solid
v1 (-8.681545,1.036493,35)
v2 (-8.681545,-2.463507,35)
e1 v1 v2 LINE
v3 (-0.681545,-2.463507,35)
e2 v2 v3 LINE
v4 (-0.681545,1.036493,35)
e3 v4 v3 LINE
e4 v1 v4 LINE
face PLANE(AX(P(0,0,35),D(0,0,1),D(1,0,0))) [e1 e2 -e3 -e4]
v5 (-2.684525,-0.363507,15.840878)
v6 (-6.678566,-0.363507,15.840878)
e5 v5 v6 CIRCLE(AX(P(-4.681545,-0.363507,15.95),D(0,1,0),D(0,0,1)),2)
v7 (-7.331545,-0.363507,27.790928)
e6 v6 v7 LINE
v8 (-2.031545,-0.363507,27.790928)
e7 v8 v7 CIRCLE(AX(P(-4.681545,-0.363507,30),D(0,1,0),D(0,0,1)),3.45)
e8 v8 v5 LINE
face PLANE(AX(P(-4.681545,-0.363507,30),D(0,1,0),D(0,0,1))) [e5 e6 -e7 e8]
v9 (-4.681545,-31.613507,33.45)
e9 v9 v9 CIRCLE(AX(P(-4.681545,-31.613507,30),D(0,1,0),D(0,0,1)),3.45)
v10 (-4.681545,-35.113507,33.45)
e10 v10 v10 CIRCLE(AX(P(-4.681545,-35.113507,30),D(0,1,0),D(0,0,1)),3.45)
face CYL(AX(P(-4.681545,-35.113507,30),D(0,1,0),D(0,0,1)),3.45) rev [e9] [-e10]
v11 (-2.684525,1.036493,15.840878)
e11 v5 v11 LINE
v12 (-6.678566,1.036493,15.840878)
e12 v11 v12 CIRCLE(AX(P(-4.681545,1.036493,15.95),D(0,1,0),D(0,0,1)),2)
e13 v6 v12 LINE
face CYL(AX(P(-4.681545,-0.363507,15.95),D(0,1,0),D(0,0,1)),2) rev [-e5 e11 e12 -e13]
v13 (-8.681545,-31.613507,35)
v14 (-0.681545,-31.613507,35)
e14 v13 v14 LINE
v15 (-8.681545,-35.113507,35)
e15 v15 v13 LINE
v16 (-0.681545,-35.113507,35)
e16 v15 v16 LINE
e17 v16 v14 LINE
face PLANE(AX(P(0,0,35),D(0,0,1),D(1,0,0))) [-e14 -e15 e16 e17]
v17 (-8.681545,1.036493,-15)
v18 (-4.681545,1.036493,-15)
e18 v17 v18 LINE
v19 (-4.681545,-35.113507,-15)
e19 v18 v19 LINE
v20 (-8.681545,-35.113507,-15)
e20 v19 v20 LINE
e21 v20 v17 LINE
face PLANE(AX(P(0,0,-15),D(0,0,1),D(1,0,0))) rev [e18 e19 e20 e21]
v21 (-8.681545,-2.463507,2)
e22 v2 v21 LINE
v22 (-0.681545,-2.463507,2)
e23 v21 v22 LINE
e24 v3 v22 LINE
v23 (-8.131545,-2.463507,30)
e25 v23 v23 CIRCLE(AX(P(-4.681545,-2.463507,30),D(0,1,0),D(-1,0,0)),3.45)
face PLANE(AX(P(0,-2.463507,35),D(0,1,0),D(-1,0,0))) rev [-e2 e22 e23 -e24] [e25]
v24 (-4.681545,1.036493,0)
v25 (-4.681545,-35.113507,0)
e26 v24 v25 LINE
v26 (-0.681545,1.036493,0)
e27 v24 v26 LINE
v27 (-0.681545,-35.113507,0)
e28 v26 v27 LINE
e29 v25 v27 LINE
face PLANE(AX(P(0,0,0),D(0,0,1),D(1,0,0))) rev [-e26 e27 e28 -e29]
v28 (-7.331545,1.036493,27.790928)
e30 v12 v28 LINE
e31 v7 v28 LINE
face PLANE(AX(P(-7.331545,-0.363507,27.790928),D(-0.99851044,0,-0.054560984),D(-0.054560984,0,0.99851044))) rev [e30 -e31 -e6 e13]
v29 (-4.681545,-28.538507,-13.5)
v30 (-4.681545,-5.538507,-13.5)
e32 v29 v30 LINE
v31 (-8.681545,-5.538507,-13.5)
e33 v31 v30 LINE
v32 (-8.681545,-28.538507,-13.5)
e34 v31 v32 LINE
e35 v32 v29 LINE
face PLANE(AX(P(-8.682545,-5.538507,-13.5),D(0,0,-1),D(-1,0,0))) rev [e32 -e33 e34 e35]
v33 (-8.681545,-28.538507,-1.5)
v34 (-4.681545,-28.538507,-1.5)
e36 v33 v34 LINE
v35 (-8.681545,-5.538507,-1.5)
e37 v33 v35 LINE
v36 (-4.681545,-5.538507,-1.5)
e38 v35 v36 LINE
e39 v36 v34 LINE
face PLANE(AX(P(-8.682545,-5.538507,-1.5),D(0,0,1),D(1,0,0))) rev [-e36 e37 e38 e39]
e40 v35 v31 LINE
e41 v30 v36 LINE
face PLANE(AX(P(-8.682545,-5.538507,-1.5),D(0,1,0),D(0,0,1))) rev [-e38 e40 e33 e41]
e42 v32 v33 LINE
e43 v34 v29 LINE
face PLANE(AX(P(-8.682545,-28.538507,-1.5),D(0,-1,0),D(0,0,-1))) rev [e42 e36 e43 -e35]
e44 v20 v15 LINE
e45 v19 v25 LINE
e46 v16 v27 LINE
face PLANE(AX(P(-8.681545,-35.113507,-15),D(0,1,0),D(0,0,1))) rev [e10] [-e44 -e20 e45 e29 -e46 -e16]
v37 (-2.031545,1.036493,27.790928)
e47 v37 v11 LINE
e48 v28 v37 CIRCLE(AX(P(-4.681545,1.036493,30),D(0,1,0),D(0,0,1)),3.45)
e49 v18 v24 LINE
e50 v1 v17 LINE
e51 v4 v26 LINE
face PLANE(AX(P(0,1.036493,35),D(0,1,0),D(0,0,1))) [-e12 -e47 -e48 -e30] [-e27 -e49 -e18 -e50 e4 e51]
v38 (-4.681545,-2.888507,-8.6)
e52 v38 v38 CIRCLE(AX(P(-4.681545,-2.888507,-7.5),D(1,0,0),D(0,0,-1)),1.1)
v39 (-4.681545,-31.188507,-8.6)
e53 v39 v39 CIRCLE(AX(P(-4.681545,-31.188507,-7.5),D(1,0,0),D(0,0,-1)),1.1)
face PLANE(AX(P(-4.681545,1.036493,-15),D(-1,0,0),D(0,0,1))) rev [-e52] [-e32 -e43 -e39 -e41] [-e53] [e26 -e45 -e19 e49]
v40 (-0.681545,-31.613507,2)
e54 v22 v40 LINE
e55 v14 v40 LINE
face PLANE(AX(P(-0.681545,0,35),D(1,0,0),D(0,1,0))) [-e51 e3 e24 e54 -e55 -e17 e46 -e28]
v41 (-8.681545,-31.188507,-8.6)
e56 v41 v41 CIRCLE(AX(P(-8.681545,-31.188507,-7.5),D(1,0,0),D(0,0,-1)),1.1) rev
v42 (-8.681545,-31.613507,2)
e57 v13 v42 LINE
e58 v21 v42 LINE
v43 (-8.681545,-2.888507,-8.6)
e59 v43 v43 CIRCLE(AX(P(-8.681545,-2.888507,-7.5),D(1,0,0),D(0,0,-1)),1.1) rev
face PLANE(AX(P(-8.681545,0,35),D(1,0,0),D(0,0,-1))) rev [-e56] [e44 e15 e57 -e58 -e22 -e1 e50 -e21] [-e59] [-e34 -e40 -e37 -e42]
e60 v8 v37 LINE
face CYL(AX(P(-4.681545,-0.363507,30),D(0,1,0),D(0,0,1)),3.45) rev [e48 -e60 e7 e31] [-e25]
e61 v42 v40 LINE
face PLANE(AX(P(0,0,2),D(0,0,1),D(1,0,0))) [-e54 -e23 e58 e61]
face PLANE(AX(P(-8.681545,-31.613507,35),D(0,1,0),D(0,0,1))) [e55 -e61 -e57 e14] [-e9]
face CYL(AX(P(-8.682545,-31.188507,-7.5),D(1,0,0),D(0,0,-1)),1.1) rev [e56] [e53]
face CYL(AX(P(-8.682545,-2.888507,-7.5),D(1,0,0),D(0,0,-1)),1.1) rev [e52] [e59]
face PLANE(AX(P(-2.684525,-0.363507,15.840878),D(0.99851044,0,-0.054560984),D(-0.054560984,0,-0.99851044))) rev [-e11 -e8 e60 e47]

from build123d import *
from build123d.topology import SkipClean

# Parameters (mm, degrees)
SKETCH2_W             = 8
SKETCH2_H             = 3.5
BOSS_EXTRUDE2_DEPTH   = 35
BOSS_EXTRUDE2_2_DEPTH = 35
SKETCH2_3_W           = 8
SKETCH2_3_H           = 29.15
BOSS_EXTRUDE3_DEPTH   = 2
SKETCH7_W             = 4
SKETCH7_H             = 36.15
BOSS_EXTRUDE4_DEPTH   = 15
CUT_EXTRUDE5_REACH    = 51.739
SKETCH8_R             = 1.1
SKETCH8_W             = 12
SKETCH8_H             = 23
CUT_EXTRUDE6_DEPTH    = 1.4
SKETCH10_R            = 3.45
CUT_EXTRUDE7_DEPTH    = 52.060667156


with BuildPart() as part:
    # Sketch2 → Boss-Extrude2 (new body)
    with BuildSketch(Plane.XY):
        with Locations((-4.681545395, -0.713506952)):
            Rectangle(SKETCH2_W, SKETCH2_H)
    extrude(amount=BOSS_EXTRUDE2_DEPTH)

    # Sketch2<3> → Boss-Extrude3 (add)
    with BuildSketch(Plane.XY):
        with Locations((-4.681545395, -17.038506952)):
            Rectangle(SKETCH2_3_W, SKETCH2_3_H)
    extrude(amount=BOSS_EXTRUDE3_DEPTH)



with BuildPart() as body_2:
    # Sketch2 → Boss-Extrude2 2 (new body)
    with BuildSketch(Plane.XY):
        with Locations((-4.681545395, -33.363506952)):
            Rectangle(SKETCH2_W, SKETCH2_H)
    extrude(amount=BOSS_EXTRUDE2_2_DEPTH)


with BuildPart() as part_1:
    add(part.part)

    add(body_2.part)  # Boss-Extrude4 merges body 2
    # Sketch7 → Boss-Extrude4 (add)
    with BuildSketch(Plane(origin=(0, 0, 0), x_dir=(-1, 0, 0), z_dir=(0, 0, -1))):
        with Locations((6.681545395, -17.038506952)):
            Rectangle(SKETCH7_W, SKETCH7_H)
    extrude(amount=BOSS_EXTRUDE4_DEPTH)

    # Sketch8 → Cut-Extrude5 (cut, up to next)
    with BuildSketch(Plane(origin=(-4.681545395, 0, 0), x_dir=(0, 0, -1), z_dir=(1, 0, 0)), mode=Mode.PRIVATE) as cut_extrude5_sk1:
        with Locations((7.5, -2.888506952)):
            Circle(SKETCH8_R)
    cut_extrude5_tool1 = extrude(cut_extrude5_sk1.sketch, amount=-CUT_EXTRUDE5_REACH, mode=Mode.PRIVATE) & part_1.part
    # Sketch8 → Cut-Extrude5 (cut, up to next)
    with BuildSketch(Plane(origin=(-4.681545395, 0, 0), x_dir=(0, 0, -1), z_dir=(1, 0, 0)), mode=Mode.PRIVATE) as cut_extrude5_sk2:
        with Locations((7.5, -31.188506952)):
            Circle(SKETCH8_R)
    cut_extrude5_tool2 = extrude(cut_extrude5_sk2.sketch, amount=-CUT_EXTRUDE5_REACH, mode=Mode.PRIVATE) & part_1.part
    # Sketch8 → Cut-Extrude5 (cut, up to next)
    with BuildSketch(Plane(origin=(-4.681545395, 0, 0), x_dir=(0, 0, -1), z_dir=(1, 0, 0)), mode=Mode.PRIVATE) as cut_extrude5_sk3:
        with Locations((7.5, -17.038506952)):
            Rectangle(SKETCH8_W, SKETCH8_H)
    cut_extrude5_tool3 = extrude(cut_extrude5_sk3.sketch, amount=-CUT_EXTRUDE5_REACH, mode=Mode.PRIVATE) & part_1.part
    add(cut_extrude5_tool1.solids().sort_by_distance((-4.681545, -2.888507, -7.5))[0], mode=Mode.SUBTRACT)
    add(cut_extrude5_tool2.solids().sort_by_distance((-4.681545, -31.188507, -7.5))[0], mode=Mode.SUBTRACT)
    add(cut_extrude5_tool3.solids().sort_by_distance((-4.681545, -17.038507, -7.5))[0], mode=Mode.SUBTRACT)

    # Sketch9 → Cut-Extrude6 (cut)
    with BuildSketch(Plane(origin=(0, 1.036493048, 0), x_dir=(1, 0, 0), z_dir=(0, 1, 0))):
        with BuildLine():
            Line((-2.684524514, -15.840878033), (-2.031545395, -27.790927797))
            ThreePointArc((-2.031545395, -27.790927797), (-4.681545395, -33.45), (-7.331545395, -27.790927797))
            Line((-7.331545395, -27.790927797), (-6.678566275, -15.840878033))
            ThreePointArc((-6.678566275, -15.840878033), (-4.681545395, -13.95), (-2.684524514, -15.840878033))
        make_face()
    extrude(amount=-CUT_EXTRUDE6_DEPTH, mode=Mode.SUBTRACT)

    # Sketch10 → Cut-Extrude7 (cut, through all)
    with SkipClean():  # the faces are left unmerged after this step: merging them gives an invalid solid
        with BuildSketch(Plane(origin=(0, 1.036493048, 0), x_dir=(1, 0, 0), z_dir=(0, 1, 0))):
            with Locations((-4.681545395, -30)):
                Circle(SKETCH10_R)
        extrude(amount=-CUT_EXTRUDE7_DEPTH, mode=Mode.SUBTRACT)


solid = part_1.part
